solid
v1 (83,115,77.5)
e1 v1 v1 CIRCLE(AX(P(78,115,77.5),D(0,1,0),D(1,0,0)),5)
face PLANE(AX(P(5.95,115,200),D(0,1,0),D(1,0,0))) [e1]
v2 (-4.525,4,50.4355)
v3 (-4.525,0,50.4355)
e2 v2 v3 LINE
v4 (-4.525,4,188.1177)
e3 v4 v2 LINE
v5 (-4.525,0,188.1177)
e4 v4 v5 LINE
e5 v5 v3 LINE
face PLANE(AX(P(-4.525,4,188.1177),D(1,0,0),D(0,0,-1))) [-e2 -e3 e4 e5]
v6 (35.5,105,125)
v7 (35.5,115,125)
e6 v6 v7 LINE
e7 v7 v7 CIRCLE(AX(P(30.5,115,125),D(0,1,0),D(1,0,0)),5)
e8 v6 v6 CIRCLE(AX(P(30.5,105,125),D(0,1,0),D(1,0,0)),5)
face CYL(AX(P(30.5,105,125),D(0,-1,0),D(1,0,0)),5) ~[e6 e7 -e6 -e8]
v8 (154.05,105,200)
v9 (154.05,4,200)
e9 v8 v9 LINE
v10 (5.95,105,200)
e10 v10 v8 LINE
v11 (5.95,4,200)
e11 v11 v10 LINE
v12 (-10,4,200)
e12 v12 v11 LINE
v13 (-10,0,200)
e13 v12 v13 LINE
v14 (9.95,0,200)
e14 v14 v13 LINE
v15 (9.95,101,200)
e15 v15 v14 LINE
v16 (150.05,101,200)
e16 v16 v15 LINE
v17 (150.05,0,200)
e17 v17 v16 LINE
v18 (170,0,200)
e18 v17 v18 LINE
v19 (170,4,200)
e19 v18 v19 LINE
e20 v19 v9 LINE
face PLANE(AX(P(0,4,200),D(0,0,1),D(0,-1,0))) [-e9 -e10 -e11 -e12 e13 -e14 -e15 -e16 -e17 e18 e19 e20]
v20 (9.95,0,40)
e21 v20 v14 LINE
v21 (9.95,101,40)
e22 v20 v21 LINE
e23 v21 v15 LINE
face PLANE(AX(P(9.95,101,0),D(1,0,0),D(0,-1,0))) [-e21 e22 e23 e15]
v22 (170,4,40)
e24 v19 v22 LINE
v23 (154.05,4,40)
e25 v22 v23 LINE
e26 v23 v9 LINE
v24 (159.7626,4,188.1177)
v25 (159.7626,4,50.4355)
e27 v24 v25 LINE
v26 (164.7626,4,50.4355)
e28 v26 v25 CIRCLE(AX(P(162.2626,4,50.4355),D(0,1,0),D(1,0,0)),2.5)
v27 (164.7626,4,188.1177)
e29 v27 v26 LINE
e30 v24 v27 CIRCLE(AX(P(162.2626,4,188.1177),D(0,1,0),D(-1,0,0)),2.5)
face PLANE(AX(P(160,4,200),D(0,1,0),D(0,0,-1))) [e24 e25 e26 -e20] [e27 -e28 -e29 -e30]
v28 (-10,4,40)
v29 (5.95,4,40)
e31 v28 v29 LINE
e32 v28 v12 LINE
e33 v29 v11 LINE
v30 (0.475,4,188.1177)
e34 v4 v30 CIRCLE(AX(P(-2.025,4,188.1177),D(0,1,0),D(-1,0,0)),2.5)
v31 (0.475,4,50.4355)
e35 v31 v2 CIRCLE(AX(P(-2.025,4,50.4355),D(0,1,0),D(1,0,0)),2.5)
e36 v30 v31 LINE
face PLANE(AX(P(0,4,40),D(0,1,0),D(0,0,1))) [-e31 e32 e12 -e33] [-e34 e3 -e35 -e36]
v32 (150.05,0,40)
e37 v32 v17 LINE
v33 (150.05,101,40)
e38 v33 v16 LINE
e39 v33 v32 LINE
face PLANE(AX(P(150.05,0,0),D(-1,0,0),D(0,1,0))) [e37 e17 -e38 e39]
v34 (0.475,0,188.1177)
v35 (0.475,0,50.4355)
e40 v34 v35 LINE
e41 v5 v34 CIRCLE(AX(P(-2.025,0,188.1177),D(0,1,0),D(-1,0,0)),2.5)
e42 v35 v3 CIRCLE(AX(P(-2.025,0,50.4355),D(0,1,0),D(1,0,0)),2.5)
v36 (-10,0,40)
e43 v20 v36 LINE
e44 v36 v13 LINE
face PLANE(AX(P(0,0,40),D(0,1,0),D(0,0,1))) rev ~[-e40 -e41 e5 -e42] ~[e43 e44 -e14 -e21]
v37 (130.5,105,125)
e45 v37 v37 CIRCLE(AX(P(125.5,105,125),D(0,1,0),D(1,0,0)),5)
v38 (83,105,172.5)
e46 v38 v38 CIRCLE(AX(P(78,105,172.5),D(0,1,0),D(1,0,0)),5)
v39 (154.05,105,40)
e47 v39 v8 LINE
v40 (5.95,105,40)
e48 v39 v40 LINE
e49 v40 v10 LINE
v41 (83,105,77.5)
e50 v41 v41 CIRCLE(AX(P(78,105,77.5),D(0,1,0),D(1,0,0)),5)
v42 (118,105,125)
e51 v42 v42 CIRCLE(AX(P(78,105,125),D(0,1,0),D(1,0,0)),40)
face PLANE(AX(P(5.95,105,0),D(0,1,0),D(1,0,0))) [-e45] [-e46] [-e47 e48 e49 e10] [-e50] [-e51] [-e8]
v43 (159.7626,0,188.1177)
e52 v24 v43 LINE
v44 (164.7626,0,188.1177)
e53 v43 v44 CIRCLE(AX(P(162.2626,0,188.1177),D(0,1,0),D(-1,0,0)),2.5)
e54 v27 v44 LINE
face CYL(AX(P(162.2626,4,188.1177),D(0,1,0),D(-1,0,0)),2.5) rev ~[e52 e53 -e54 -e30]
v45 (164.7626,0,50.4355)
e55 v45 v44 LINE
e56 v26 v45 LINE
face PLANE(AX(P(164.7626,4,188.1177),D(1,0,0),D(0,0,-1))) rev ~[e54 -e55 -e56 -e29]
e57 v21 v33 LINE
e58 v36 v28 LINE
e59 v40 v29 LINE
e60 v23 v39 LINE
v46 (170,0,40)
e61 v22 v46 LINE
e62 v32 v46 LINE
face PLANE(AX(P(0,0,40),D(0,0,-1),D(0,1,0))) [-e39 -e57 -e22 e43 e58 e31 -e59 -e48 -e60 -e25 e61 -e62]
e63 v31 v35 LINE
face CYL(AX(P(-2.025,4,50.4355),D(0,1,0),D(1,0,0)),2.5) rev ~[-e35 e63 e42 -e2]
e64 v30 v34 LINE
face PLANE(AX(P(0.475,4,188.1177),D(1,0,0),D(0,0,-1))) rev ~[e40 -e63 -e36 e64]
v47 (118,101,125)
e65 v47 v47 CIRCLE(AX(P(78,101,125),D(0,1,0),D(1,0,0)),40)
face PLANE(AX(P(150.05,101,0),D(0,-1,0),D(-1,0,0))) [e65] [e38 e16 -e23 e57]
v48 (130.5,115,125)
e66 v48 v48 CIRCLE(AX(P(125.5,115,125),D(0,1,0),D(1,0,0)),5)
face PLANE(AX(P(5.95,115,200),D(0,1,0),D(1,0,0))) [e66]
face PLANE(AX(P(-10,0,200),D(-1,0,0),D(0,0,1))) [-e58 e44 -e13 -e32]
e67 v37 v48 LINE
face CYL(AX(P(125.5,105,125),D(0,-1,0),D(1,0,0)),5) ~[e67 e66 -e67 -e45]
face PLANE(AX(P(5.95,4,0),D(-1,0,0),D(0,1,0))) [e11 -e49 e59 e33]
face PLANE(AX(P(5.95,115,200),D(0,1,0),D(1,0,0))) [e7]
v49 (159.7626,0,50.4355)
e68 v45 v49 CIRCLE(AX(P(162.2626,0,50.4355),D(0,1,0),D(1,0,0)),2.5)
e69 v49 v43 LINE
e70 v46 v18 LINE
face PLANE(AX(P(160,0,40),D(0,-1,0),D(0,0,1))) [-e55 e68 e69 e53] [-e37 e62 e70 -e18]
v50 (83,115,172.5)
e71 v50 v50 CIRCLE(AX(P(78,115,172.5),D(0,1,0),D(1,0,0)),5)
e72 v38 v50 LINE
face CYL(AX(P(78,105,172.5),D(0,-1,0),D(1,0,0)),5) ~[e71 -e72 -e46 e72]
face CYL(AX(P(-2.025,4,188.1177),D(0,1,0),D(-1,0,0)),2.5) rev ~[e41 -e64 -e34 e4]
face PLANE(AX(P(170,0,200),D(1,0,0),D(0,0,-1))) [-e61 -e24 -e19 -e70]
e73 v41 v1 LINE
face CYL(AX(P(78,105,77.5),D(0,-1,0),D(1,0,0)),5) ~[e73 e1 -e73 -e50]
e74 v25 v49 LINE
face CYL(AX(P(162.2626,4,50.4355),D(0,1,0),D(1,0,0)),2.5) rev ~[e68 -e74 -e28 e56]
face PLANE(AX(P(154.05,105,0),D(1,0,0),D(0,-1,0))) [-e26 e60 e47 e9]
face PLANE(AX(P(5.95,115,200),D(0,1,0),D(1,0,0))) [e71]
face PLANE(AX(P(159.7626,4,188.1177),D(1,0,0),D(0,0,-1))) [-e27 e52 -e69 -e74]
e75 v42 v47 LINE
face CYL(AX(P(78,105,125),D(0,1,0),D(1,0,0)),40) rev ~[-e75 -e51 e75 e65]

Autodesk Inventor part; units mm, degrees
ref_plane "YZ Plane" through (0, 0, 0) normal (1, 0, 0) x (0, 1, 0)
ref_plane "XZ Plane" through (0, 0, 0) normal (0, 1, 0) x (-1, 0, 0)
ref_plane "XY Plane" through (0, 0, 0) normal (0, 0, 1) x (1, 0, 0)
sketch "Sketch1" plane through (0, 0, 0) normal (0, 1, 0) x (-1, 0, 0)
  point P0 (0, 0)
sketch "Sketch2" plane through (0, 0, 0) normal (0, 0, 1) x (1, 0, 0)
  line L0 (0, 0) -> (0, 4)
  line L1 (160, 0) -> (160, 4)
  line L2 (0, 0) -> (9.95, 0)
  line L3 (160, 0) -> (150.05, 0)
  line L4 (150.05, 0) -> (150.05, 101)
  line L5 (150.05, 101) -> (9.95, 101)
  line L6 (9.95, 101) -> (9.95, 0)
  line L7 (0, 4) -> (5.95, 4)
  line L8 (5.95, 4) -> (5.95, 101)
  line L9 (5.95, 101) -> (5.95, 105)
  line L10 (5.95, 105) -> (150.05, 105)
  line L11 (150.05, 105) -> (154.05, 105)
  line L12 (154.05, 105) -> (154.05, 4)
  line L13 (154.05, 4) -> (160, 4)
  line L14 (0, 0) -> (9.95, 0)
  line L15 (150.05, 0) -> (160, 0)
extrude "Extrusion1" add sketch "Sketch2" along normal blind 250
sketch "Sketch3" plane through (5.95, 105, 0) normal (0, 1, 0) x (1, 0, 0)
  line L0 (0, 0) -> (0, -250) projected
  line L1 (144.1, 0) -> (144.1, -250) projected
  circle A0 centre (72.05, -125) radius 40
  point P0 (-5.95, 0)
  dimension "d15" = 80
extrude "Extrusion2" cut sketch "Sketch3" against normal blind 250
sketch "Sketch4" plane through (0, 0, 250) normal (0, 0, 1) x (1, 0, 0)
  point P0 (0, 0)
sketch "Sketch5" plane through (0, 0, 250) normal (0, 0, 1) x (1, 0, 0)
  line L0 (0, 0) -> (165.9252, 0)
  line L1 (165.9252, 0) -> (165.9252, 113.7831)
  line L2 (165.9252, 113.7831) -> (0, 113.7831)
  line L3 (0, 113.7831) -> (0, 0)
extrude "Extrusion3" cut sketch "Sketch5" against normal blind 50
sketch "Sketch6" plane through (0, 0, 0) normal (0, 0, -1) x (-1, 0, 0)
  line L0 (0, 4) -> (0, 0) projected
  line L1 (0, 0) -> (-198.2615, 0)
  line L2 (-198.2615, 0) -> (-198.2615, 123.0797)
  line L3 (-198.2615, 123.0797) -> (0, 123.0797)
  line L4 (0, 123.0797) -> (0, 0)
extrude "Extrusion4" cut sketch "Sketch6" against normal blind 40
sketch "Sketch7" plane through (160, 0, 200) normal (1, 0, 0) x (0, 0, -1)
  line L0 (0, 0) -> (0, 4) projected
  line L1 (160, 0) -> (0, 0) projected
  line L2 (0, 4) -> (160, 4)
  line L3 (160, 4) -> (160, 0)
  line L4 (160, 0) -> (0, 0)
  line L5 (0, 0) -> (0, 4)
  point P0 (200, 0)
extrude "Extrusion5" add sketch "Sketch7" along normal blind 10
sketch "Sketch8" plane through (0, 0, 200) normal (-1, 0, 0) x (0, 0, 1)
  line L0 (-160, 0) -> (0, 0) projected
  line L1 (-160, 4) -> (0, 4)
  line L2 (0, 4) -> (0, 0)
  line L3 (0, 0) -> (-160, 0)
  line L4 (-160, 0) -> (-160, 4)
  point P0 (-200, 0)
extrude "Extrusion6" add sketch "Sketch8" along normal blind 10
sketch "Sketch9" plane through (5.95, 4, 200) normal (0, 1, 0) x (1, 0, 0)
  line L0 (0, 160) -> (0, 0) projected
  line L1 (0, 0) -> (-15.95, 0) projected
  arc A0 (-5.475, 149.5645) -> (-10.475, 149.5645) centre (-7.975, 149.5645) ccw
  arc A1 (-10.475, 11.8823) -> (-5.475, 11.8823) centre (-7.975, 11.8823) ccw
  line L2 (-10.475, 11.8823) -> (-10.475, 149.5645)
  line L3 (-5.475, 11.8823) -> (-5.475, 149.5645)
  line L4 (164.05, 0) -> (164.05, 160) projected
  line L5 (164.05, 0) -> (148.5752, 0)
  line L6 (164.05, 0) -> (144.1, 0) projected
  line L7 (144.1, 160) -> (164.05, 160) projected
  arc A2 (153.8126, 11.8823) -> (158.8126, 11.8823) centre (156.3126, 11.8823) ccw
  arc A3 (158.8126, 149.5645) -> (153.8126, 149.5645) centre (156.3126, 149.5645) ccw
  line L8 (153.8126, 11.8823) -> (153.8126, 149.5645)
  line L9 (158.8126, 11.8823) -> (158.8126, 149.5645)
  point P0 (-5.95, 200)
  point P1 (-15.95, 160)
  dimension "d26" = 5
  dimension "d27" = 5
  dimension "d28" = 5
  dimension "d29" = 5
extrude "Extrusion7" cut sketch "Sketch9" against normal blind 10
sketch "Sketch10" plane through (5.95, 105, 200) normal (0, 1, 0) x (1, 0, 0)
  circle A0 centre (72.05, 75) radius 40 projected
  line L0 (0, 0) -> (148.1, 0) projected
  line L1 (4, 160) -> (4, 0) projected
  line L2 (144.1, 160) -> (144.1, 0) projected
  circle A1 centre (119.55, 75) radius 5
  circle A2 centre (72.05, 27.5) radius 5
  circle A3 centre (24.55, 75) radius 5
  circle A4 centre (72.05, 122.5) radius 5
  point P0 (-5.95, 200)
  dimension "d35" = 10
  dimension "d39" = 10
  dimension "d40" = 10
  dimension "d41" = 10
extrude "Extrusion8" add sketch "Sketch10" along normal blind 10 contours A1 | A2 | A3 | A4
equation "\"BendRadius\" = Thickness"
equation "\"BendReliefWidth\" = Thickness"
equation "\"BendReliefDepth\" = 0.5 * Thickness"
equation "\"CornerReliefSize\" = 4 * Thickness"
equation "\"MinimumRemnant\" = 2 * Thickness"
equation "\"TransitionRadius\" = BendRadius"
equation "\"JacobiRadiusSize\" = BendRadius"
equation "\"GapSize\" = Thickness"
equation "\"Thickness\" = 0.5"
properties part number "caja"
